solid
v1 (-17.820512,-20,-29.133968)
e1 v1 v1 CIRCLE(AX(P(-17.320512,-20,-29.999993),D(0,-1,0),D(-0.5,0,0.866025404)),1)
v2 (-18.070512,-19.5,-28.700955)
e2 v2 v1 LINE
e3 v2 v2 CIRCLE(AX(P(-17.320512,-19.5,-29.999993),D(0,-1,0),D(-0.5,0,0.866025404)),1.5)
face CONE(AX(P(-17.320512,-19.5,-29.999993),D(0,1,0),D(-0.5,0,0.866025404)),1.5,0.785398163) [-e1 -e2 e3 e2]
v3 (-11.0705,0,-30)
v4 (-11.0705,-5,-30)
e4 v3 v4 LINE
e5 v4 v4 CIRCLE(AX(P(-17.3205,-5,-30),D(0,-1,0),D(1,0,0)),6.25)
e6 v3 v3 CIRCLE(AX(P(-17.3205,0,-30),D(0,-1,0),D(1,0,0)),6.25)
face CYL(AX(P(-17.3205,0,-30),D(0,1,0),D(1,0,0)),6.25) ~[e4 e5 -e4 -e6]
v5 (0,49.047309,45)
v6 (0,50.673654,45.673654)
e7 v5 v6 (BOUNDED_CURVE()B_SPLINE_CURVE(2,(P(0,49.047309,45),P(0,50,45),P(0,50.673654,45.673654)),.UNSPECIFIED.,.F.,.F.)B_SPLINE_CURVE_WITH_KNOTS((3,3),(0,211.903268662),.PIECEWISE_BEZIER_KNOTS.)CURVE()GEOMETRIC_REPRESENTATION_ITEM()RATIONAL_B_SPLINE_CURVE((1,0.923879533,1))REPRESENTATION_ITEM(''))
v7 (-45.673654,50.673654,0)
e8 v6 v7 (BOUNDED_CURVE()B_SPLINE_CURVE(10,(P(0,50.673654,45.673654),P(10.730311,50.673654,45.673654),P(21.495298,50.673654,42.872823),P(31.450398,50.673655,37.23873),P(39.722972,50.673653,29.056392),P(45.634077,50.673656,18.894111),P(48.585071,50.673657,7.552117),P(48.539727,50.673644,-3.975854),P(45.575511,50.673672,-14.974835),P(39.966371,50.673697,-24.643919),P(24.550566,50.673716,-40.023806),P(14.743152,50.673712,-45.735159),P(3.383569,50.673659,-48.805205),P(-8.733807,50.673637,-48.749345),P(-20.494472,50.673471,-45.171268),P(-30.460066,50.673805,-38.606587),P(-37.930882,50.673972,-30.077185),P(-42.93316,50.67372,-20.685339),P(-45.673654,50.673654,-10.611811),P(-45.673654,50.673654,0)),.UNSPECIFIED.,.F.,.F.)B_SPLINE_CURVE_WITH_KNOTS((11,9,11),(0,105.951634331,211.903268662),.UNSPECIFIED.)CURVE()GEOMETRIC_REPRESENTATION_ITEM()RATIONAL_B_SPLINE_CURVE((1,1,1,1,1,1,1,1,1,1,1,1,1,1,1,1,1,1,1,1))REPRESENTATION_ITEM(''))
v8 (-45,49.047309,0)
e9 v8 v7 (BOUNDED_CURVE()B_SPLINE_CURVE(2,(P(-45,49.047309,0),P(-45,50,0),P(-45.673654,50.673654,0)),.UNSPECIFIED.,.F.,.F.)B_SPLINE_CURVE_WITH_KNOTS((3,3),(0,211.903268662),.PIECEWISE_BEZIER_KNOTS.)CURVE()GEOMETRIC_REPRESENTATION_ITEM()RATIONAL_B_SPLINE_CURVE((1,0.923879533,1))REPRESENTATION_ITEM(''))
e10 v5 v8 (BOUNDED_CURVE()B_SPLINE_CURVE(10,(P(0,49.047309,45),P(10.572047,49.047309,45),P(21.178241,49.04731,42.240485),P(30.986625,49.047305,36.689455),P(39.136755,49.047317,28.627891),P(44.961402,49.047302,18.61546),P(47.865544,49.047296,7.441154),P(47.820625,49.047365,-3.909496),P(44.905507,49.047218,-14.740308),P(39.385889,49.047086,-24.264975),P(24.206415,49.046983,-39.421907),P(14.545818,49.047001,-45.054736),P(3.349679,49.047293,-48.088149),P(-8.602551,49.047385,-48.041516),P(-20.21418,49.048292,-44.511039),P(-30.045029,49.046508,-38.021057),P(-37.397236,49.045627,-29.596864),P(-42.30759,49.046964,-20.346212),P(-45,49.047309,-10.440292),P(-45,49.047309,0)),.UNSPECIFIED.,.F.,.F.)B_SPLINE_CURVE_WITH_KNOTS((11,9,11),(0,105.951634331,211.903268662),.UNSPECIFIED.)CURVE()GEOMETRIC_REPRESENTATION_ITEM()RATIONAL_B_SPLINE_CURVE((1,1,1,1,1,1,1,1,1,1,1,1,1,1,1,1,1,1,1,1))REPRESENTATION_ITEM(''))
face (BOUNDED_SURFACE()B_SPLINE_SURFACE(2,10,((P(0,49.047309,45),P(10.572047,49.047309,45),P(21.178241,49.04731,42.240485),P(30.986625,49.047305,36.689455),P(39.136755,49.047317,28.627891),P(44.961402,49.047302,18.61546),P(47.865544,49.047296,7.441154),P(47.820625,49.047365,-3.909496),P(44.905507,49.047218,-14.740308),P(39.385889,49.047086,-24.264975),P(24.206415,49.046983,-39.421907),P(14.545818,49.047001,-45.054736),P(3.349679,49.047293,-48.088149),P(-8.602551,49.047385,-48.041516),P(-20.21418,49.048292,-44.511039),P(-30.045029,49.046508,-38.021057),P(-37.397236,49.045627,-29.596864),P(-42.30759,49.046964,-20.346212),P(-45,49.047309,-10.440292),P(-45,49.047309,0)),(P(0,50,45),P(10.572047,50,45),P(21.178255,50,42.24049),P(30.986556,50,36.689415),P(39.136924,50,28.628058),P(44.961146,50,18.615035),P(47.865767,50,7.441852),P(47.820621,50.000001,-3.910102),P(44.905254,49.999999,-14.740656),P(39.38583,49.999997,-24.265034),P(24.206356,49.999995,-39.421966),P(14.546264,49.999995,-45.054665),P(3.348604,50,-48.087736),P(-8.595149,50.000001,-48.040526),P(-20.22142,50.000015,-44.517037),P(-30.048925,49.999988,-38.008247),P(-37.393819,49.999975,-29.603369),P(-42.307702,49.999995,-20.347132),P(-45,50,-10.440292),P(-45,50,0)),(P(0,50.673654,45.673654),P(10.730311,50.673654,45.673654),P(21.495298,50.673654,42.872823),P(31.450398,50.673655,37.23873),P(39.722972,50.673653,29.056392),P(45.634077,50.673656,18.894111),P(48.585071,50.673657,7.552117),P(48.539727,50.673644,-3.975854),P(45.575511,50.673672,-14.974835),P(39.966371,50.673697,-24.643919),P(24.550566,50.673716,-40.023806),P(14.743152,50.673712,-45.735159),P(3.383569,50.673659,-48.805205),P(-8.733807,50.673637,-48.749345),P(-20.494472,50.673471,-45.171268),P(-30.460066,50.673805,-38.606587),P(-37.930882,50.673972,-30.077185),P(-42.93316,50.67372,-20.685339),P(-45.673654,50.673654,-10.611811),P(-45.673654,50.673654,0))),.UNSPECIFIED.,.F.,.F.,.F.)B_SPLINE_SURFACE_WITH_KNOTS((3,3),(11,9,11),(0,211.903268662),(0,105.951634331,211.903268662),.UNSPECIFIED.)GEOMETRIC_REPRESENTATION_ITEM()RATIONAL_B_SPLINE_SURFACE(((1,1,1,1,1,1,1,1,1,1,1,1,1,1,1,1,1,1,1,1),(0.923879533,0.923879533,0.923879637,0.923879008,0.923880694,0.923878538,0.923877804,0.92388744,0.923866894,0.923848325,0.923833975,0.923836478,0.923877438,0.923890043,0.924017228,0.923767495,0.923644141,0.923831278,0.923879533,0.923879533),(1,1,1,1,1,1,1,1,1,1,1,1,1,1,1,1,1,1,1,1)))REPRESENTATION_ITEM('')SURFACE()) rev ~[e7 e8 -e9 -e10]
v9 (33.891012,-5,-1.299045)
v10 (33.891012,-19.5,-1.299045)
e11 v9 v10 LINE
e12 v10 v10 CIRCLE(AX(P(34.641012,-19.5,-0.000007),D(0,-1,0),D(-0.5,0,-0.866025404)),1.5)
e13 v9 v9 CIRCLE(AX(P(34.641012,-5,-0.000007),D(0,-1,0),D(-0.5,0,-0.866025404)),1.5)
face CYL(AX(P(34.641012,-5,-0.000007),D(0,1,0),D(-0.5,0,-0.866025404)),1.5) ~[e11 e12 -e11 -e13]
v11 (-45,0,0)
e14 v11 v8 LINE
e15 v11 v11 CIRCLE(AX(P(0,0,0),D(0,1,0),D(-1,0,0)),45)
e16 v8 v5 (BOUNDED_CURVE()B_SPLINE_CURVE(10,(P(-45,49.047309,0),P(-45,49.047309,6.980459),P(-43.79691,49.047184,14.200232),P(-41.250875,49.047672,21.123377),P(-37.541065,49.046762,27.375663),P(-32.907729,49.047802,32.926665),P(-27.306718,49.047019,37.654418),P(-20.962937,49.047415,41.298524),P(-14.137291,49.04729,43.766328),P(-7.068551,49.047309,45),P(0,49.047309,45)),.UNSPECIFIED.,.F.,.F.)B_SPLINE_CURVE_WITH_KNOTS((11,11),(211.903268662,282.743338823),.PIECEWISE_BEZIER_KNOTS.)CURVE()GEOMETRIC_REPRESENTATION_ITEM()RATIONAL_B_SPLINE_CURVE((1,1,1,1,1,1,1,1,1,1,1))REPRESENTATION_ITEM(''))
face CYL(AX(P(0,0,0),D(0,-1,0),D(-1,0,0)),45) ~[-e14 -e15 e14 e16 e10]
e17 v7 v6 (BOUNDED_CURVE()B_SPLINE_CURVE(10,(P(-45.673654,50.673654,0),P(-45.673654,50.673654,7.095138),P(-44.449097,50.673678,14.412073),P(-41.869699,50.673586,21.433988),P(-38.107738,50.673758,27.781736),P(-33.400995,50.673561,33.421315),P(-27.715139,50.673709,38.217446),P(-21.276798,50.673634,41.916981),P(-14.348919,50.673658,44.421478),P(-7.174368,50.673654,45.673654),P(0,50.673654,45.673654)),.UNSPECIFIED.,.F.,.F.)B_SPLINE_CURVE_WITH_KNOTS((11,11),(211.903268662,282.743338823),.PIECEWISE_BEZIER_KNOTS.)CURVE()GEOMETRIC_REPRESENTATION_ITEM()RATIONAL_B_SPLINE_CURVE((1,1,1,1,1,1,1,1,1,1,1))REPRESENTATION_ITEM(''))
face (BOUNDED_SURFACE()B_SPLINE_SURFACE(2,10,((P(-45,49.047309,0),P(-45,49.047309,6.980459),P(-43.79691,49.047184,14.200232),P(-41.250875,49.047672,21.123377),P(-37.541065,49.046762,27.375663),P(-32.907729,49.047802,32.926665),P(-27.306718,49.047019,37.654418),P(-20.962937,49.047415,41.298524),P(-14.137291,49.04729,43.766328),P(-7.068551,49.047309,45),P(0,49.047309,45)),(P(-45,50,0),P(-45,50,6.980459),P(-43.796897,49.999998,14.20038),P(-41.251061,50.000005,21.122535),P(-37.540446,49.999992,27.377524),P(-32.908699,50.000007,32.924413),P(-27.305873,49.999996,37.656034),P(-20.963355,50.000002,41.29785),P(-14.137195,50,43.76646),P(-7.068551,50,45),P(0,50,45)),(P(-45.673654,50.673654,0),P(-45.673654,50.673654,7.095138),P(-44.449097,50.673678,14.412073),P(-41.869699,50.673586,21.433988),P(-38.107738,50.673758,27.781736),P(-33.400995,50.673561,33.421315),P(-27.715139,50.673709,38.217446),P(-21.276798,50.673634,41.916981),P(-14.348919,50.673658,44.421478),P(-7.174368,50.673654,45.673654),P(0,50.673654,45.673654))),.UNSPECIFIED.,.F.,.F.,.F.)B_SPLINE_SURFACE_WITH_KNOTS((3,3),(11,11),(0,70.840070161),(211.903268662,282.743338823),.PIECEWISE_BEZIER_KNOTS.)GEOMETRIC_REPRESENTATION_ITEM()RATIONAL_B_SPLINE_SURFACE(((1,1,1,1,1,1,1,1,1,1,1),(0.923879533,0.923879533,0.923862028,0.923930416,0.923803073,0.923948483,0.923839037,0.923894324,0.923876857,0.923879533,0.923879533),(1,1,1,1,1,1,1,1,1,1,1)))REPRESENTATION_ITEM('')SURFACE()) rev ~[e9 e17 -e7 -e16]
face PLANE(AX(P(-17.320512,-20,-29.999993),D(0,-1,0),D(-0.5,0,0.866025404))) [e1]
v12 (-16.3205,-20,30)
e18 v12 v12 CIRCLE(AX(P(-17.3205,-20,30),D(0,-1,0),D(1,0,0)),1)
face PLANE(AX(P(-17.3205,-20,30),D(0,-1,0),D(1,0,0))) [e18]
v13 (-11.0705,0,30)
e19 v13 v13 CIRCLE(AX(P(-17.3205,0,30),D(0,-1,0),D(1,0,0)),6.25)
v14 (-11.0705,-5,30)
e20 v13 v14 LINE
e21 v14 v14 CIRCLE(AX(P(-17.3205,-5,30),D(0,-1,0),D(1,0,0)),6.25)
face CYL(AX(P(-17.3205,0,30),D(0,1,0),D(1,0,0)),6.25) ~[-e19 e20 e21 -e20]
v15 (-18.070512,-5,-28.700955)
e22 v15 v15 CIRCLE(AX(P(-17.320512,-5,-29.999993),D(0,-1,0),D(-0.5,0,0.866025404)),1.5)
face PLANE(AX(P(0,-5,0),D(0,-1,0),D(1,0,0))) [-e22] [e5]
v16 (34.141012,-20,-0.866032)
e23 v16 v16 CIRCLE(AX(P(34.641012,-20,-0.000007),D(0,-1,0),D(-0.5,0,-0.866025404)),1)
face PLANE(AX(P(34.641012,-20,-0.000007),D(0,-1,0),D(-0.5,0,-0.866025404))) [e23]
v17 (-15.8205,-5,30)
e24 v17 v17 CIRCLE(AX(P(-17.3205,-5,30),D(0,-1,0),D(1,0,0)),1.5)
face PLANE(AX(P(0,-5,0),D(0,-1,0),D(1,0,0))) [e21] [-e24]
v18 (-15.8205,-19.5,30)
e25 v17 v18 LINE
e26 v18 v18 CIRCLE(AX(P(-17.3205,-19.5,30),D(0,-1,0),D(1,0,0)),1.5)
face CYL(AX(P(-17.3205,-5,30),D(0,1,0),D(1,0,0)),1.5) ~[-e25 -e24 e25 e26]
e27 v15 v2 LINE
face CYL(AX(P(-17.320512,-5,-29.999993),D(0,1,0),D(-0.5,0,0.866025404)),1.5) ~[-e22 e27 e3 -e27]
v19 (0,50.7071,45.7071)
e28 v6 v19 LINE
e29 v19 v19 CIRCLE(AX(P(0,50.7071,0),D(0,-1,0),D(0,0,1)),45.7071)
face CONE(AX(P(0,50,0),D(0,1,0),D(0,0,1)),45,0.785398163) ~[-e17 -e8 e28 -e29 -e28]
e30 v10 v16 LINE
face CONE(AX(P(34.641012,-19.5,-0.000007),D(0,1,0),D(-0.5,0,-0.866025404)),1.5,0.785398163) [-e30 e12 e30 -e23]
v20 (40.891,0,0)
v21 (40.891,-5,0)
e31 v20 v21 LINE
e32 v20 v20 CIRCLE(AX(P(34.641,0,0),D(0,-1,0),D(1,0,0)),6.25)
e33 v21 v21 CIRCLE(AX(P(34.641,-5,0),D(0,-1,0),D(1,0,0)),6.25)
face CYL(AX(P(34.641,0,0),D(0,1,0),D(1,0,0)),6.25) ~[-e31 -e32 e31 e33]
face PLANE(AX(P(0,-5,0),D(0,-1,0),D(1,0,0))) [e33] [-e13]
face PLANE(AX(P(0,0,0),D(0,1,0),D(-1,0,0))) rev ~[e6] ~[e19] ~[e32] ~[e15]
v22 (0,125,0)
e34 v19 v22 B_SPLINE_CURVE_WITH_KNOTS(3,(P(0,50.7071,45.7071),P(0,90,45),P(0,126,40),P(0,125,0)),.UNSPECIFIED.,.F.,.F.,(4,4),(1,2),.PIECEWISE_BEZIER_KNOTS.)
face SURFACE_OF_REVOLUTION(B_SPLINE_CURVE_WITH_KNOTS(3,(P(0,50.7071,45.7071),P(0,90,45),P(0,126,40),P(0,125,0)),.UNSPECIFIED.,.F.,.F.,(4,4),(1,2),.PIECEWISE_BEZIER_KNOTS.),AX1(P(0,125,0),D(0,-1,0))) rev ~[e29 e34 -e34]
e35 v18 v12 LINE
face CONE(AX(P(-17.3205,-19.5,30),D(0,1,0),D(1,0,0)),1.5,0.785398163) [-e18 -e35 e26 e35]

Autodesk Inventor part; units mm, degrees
ref_plane "YZ Plane" through (0, 0, 0) normal (1, 0, 0) x (0, 1, 0)
ref_plane "XZ Plane" through (0, 0, 0) normal (0, 1, 0) x (-1, 0, 0)
ref_plane "XY Plane" through (0, 0, 0) normal (0, 0, 1) x (1, 0, 0)
sketch "Sketch1" plane through (0, 0, 0) normal (0, 1, 0) x (-1, 0, 0)
  circle A0 centre (0, 0) radius 45
  dimension "d0" = 90
extrude "Extrusion1" add sketch "Sketch1" along normal blind 50
sketch "Sketch2" plane through (0, 0, 0) normal (1, 0, 0) x (0, 1, 0)
  line L0 (50, -45) -> (50, 45) projected
  line L1 (50, 45) -> (50.7071, 45.7071)
  line L2 (50.7071, 45.7071) -> (90, 45) construction
  line L3 (90, 45) -> (126, 40) construction
  line L4 (126, 40) -> (125, 0) construction
  spline S0 degree 3 poles (50.7071, 45.7071) (90, 45) (126, 40) (125, 0) knots 1 1 1 1 2 2 2 2
  line L5 (125, 0) -> (50, 0)
  line L6 (50, 0) -> (50, 45)
  point P0 (0, 0)
  dimension "d3" = 1
  dimension "d4" = 135
  dimension "d5" = 40
  dimension "d6" = 76
  dimension "d7" = 75
  dimension "d8" = 40
  dimension "d9" = 45
revolve "Revolution1" add sketch "Sketch2" angle 360 about axis through (0, 125, 0) along (0, -1, 0)
fillet "Fillet1" radius 2.3 2 edges at (31.8198, 50, -31.8198) (-31.8198, 50, 31.8198)
sketch "Sketch3" plane through (0, 0, 0) normal (0, -1, 0) x (1, 0, 0)
  line L0 (34.641, 0) -> (-17.3205, 30) construction
  line L1 (-17.3205, 30) -> (-17.3205, -30) construction
  line L2 (-17.3205, -30) -> (34.641, 0) construction
  circle A0 centre (0, 0) radius 34.641 construction
  circle A1 centre (-17.3205, 30) radius 6.25
  circle A2 centre (34.641, 0) radius 6.25
  circle A3 centre (-17.3205, -30) radius 6.25
  point P0 (-17.3205, 0)
  dimension "d12" = 60
  dimension "d13" = 12.5
extrude "Extrusion2" add sketch "Sketch3" along normal blind 5
sketch "Sketch4" plane through (-17.3205, -5, 30) normal (0, -1, 0) x (1, 0, 0)
  circle A0 centre (0, 0) radius 6.25 projected
  circle A1 centre (0, 0) radius 1.5
  point P0 (17.3205, -30)
  dimension "d16" = 3
extrude "Extrusion3" add sketch "Sketch4" along normal blind 15 contours A1
chamfer "Chamfer1" distance 0.5 angle 45 1 edges at (-18.8205, -20, 30)
thread "Thread1" size "M3x0.5" class "6g" standard "ISO Metric profile" full length
pattern_circular "Circular Pattern1" count 3 over 360 about axis through (0, 0, 0) along (0, 1, 0) of "Extrusion3", "Chamfer1"
properties part number "Circulina" material "Steel, Mild, Welded"
